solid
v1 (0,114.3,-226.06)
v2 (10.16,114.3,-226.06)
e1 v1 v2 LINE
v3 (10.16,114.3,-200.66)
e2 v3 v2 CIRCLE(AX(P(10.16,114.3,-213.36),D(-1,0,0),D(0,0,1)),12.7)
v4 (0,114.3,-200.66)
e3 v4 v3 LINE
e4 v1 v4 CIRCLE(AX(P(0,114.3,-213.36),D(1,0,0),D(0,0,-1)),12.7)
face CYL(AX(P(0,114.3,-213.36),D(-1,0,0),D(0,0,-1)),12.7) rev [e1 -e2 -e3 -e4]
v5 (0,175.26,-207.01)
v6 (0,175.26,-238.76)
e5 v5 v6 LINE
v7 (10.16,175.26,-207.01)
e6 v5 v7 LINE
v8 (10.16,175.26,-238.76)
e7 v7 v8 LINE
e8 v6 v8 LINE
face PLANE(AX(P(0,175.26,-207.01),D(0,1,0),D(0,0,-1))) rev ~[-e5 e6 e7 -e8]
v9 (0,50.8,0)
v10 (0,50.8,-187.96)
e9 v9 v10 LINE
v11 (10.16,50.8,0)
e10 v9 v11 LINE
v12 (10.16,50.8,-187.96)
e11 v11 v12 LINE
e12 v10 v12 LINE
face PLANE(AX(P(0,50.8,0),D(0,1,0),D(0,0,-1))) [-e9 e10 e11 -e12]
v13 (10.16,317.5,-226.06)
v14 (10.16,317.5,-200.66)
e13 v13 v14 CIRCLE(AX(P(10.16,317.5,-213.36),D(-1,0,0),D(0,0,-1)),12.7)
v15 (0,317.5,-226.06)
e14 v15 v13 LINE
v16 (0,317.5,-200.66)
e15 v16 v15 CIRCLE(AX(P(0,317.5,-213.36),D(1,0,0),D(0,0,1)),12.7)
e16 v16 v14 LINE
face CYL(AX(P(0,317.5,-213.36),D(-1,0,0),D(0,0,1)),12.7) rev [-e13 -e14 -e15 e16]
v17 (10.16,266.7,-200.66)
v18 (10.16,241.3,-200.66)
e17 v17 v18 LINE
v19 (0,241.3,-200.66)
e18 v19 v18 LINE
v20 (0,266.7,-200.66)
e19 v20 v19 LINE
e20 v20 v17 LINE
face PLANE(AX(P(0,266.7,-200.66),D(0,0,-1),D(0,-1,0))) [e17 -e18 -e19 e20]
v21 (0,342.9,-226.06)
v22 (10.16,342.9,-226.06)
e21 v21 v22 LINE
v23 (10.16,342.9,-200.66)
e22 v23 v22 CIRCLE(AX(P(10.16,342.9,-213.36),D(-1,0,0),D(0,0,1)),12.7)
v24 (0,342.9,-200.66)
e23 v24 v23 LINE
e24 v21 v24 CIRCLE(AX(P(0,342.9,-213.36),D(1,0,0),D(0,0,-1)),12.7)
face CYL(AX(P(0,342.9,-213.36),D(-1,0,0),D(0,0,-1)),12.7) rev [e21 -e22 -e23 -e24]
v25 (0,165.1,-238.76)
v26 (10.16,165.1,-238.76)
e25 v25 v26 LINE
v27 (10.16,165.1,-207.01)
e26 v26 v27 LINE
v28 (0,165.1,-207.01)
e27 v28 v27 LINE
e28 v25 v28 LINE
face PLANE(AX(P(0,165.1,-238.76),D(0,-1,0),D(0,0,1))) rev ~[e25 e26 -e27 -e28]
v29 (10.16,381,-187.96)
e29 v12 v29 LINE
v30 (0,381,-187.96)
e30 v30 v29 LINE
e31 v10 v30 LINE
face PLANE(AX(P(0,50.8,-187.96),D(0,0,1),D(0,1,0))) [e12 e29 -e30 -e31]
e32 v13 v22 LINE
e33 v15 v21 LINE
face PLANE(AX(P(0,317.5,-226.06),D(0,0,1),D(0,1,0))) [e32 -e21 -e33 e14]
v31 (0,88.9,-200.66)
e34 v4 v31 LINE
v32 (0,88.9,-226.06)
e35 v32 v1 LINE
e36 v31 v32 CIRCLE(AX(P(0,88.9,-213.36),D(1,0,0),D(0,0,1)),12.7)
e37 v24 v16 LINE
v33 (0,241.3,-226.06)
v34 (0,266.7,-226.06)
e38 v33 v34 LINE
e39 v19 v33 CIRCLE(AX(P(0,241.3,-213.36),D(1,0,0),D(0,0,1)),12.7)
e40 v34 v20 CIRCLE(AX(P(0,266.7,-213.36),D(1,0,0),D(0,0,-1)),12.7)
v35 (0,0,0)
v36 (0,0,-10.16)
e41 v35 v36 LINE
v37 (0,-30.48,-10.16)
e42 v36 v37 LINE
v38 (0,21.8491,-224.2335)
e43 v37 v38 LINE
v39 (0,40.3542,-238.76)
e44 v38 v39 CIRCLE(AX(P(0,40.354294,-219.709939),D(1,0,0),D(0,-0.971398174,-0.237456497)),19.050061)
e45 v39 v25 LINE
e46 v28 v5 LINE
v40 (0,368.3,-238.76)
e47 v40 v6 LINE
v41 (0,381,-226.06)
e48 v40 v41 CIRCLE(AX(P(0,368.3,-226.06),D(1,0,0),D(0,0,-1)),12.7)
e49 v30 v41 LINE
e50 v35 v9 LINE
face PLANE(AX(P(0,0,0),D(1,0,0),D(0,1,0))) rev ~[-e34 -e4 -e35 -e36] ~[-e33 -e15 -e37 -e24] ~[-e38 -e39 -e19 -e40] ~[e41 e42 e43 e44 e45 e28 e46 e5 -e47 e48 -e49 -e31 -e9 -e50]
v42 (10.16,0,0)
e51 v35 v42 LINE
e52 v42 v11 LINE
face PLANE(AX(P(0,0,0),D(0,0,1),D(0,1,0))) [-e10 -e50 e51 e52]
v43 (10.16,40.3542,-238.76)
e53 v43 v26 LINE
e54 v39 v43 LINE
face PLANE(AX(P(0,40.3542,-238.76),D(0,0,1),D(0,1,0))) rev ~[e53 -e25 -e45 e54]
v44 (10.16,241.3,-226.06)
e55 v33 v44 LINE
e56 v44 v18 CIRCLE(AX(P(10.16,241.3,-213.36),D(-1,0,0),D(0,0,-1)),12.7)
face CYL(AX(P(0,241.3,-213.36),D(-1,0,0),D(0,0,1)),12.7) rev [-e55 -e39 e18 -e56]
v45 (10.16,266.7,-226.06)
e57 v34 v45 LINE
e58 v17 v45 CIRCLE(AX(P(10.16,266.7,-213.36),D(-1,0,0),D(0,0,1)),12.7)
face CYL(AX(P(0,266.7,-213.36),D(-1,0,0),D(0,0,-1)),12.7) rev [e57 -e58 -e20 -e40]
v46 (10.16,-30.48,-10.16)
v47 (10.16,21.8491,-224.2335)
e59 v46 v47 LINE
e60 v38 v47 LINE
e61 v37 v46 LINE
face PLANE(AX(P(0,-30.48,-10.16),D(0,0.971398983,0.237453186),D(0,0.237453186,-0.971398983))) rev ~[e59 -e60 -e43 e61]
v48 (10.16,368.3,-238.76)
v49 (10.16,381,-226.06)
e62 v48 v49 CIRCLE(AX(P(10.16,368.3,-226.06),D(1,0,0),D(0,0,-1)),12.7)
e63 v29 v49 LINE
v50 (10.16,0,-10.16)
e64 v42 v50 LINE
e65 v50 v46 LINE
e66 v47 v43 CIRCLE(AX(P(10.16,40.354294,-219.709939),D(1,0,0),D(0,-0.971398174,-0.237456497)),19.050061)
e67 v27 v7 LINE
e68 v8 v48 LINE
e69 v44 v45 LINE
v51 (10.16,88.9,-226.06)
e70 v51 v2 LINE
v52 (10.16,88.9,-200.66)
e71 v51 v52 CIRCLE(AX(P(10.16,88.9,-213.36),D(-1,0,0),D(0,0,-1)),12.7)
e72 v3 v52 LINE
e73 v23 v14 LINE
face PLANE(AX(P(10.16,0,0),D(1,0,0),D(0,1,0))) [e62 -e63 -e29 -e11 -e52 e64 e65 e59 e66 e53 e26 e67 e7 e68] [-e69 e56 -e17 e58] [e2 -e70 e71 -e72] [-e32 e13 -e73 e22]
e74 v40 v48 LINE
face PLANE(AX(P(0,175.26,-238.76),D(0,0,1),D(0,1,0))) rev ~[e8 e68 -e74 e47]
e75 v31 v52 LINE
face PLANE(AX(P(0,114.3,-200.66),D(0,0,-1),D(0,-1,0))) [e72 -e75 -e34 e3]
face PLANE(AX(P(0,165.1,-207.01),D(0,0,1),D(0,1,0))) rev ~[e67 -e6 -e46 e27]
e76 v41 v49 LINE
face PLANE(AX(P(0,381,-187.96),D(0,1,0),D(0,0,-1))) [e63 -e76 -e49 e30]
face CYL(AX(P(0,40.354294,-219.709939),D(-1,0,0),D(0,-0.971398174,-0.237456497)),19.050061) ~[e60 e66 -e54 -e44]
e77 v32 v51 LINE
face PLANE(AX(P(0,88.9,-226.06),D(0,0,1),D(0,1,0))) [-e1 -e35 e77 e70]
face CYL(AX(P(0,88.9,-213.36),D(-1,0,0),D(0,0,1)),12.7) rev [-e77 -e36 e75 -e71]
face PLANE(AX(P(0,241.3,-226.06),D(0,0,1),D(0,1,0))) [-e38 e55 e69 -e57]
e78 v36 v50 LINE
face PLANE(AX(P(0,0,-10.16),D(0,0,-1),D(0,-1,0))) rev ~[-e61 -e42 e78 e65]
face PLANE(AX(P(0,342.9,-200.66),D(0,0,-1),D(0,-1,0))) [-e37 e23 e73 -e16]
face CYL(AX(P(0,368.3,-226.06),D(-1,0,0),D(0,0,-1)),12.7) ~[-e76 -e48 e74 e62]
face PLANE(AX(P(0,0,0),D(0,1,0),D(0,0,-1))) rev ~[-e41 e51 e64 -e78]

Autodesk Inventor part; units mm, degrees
ref_plane "YZ Plane" through (0, 0, 0) normal (1, 0, 0) x (0, 1, 0)
ref_plane "XZ Plane" through (0, 0, 0) normal (0, 1, 0) x (-1, 0, 0)
ref_plane "XY Plane" through (0, 0, 0) normal (0, 0, 1) x (1, 0, 0)
sketch "Sketch1" plane through (0, 0, 0) normal (1, 0, 0) x (0, 1, 0)
  line L0 (0, 0) -> (50.8, 0)
  line L1 (50.8, 0) -> (50.8, -187.96)
  line L2 (50.8, -187.96) -> (381, -187.96)
  line L3 (381, -187.96) -> (381, -226.06)
  line L4 (0, 0) -> (0, -10.16)
  line L5 (0, -10.16) -> (-30.48, -10.16)
  line L6 (-30.48, -10.16) -> (21.8491, -224.2335)
  line L7 (40.3542, -238.76) -> (368.3, -238.76)
  line L8 (342.9, -200.66) -> (317.5, -200.66)
  line L9 (304.8, -213.36) -> (304.8, -213.36)
  line L10 (317.5, -226.06) -> (342.9, -226.06)
  line L11 (355.6, -213.36) -> (355.6, -213.36)
  line L12 (266.7, -200.66) -> (241.3, -200.66)
  line L13 (228.6, -213.36) -> (228.6, -213.36)
  line L14 (241.3, -226.06) -> (266.7, -226.06)
  line L15 (279.4, -213.36) -> (279.4, -213.36)
  line L16 (152.4, -213.36) -> (152.4, -213.36)
  line L17 (203.2, -213.36) -> (203.2, -213.36)
  line L18 (114.3, -200.66) -> (88.9, -200.66)
  line L19 (76.2, -213.36) -> (76.2, -213.36)
  line L20 (88.9, -226.06) -> (114.3, -226.06)
  line L21 (127, -213.36) -> (127, -213.36)
  line L22 (127, -226.06) -> (152.4, -226.06)
  line L23 (203.2, -226.06) -> (228.6, -226.06)
  line L24 (279.4, -226.06) -> (304.8, -226.06)
  line L25 (355.6, -226.06) -> (381, -226.06)
  line L26 (355.6, -226.06) -> (355.6, -238.76)
  arc A0 (355.6, -213.36) -> (342.9, -200.66) centre (342.9, -213.36) ccw
  arc A1 (342.9, -226.06) -> (355.6, -213.36) centre (342.9, -213.36) ccw
  arc A2 (317.5, -200.66) -> (304.8, -213.36) centre (317.5, -213.36) ccw
  arc A3 (304.8, -213.36) -> (317.5, -226.06) centre (317.5, -213.36) ccw
  arc A4 (279.4, -213.36) -> (266.7, -200.66) centre (266.7, -213.36) ccw
  arc A5 (266.7, -226.06) -> (279.4, -213.36) centre (266.7, -213.36) ccw
  arc A6 (241.3, -200.66) -> (228.6, -213.36) centre (241.3, -213.36) ccw
  arc A7 (228.6, -213.36) -> (241.3, -226.06) centre (241.3, -213.36) ccw
  arc A8 (127, -213.36) -> (114.3, -200.66) centre (114.3, -213.36) ccw
  arc A9 (88.9, -200.66) -> (76.2, -213.36) centre (88.9, -213.36) ccw
  arc A10 (76.2, -213.36) -> (88.9, -226.06) centre (88.9, -213.36) ccw
  arc A11 (114.3, -226.06) -> (127, -213.36) centre (114.3, -213.36) ccw
  arc A12 (21.8491, -224.2335) -> (40.3542, -238.76) centre (40.3542, -219.71) ccw
  arc A13 (368.3, -238.76) -> (381, -226.06) centre (368.3, -226.06) ccw
  line L27 (165.1, -238.76) -> (165.1, -207.01)
  line L28 (165.1, -207.01) -> (175.26, -207.01)
  line L29 (175.26, -207.01) -> (175.26, -238.76)
  point P0 (381, -238.76)
  point P1 (355.6, -200.66)
  point P2 (279.4, -200.66)
  point P3 (203.2, -200.66)
  point P4 (127, -200.66)
  point P5 (76.2, -226.06)
  point P6 (127, -213.36)
  point P7 (76.2, -213.36)
  point P8 (228.6, -213.36)
  point P9 (355.6, -213.36)
  point P10 (304.8, -213.36)
  dimension "d0" = 50.8
  dimension "d1" = 187.96
  dimension "d2" = 330.2
  dimension "d3" = 50.8
  dimension "d5" = 10.16
  dimension "d6" = 30.48
  dimension "d10" = 50.8
  dimension "d11" = 25.4
  dimension "d12" = 25.4
  dimension "d13" = 12.7
  dimension "d14" = 12.7
  dimension "d15" = 50.8
  dimension "d16" = 50.8
  dimension "d17" = 50.8
  dimension "d18" = 12.7
  dimension "d19" = 19.05
  dimension "d22" = 12.7
  dimension "d24" = 12.7
  dimension "d25" = 10.16
  dimension "d26" = 31.75
  dimension "d27" = 114.3
  dimension "d28" = 196.85
extrude "Extrusion1" add sketch "Sketch1" along normal blind 10.16 contours L0 L1 L2 L3 L25 L26 L7 L29 L28 L27 A12 L6 L5 L4 | A13 L7 L26 L25
properties part number "battery front brace"
